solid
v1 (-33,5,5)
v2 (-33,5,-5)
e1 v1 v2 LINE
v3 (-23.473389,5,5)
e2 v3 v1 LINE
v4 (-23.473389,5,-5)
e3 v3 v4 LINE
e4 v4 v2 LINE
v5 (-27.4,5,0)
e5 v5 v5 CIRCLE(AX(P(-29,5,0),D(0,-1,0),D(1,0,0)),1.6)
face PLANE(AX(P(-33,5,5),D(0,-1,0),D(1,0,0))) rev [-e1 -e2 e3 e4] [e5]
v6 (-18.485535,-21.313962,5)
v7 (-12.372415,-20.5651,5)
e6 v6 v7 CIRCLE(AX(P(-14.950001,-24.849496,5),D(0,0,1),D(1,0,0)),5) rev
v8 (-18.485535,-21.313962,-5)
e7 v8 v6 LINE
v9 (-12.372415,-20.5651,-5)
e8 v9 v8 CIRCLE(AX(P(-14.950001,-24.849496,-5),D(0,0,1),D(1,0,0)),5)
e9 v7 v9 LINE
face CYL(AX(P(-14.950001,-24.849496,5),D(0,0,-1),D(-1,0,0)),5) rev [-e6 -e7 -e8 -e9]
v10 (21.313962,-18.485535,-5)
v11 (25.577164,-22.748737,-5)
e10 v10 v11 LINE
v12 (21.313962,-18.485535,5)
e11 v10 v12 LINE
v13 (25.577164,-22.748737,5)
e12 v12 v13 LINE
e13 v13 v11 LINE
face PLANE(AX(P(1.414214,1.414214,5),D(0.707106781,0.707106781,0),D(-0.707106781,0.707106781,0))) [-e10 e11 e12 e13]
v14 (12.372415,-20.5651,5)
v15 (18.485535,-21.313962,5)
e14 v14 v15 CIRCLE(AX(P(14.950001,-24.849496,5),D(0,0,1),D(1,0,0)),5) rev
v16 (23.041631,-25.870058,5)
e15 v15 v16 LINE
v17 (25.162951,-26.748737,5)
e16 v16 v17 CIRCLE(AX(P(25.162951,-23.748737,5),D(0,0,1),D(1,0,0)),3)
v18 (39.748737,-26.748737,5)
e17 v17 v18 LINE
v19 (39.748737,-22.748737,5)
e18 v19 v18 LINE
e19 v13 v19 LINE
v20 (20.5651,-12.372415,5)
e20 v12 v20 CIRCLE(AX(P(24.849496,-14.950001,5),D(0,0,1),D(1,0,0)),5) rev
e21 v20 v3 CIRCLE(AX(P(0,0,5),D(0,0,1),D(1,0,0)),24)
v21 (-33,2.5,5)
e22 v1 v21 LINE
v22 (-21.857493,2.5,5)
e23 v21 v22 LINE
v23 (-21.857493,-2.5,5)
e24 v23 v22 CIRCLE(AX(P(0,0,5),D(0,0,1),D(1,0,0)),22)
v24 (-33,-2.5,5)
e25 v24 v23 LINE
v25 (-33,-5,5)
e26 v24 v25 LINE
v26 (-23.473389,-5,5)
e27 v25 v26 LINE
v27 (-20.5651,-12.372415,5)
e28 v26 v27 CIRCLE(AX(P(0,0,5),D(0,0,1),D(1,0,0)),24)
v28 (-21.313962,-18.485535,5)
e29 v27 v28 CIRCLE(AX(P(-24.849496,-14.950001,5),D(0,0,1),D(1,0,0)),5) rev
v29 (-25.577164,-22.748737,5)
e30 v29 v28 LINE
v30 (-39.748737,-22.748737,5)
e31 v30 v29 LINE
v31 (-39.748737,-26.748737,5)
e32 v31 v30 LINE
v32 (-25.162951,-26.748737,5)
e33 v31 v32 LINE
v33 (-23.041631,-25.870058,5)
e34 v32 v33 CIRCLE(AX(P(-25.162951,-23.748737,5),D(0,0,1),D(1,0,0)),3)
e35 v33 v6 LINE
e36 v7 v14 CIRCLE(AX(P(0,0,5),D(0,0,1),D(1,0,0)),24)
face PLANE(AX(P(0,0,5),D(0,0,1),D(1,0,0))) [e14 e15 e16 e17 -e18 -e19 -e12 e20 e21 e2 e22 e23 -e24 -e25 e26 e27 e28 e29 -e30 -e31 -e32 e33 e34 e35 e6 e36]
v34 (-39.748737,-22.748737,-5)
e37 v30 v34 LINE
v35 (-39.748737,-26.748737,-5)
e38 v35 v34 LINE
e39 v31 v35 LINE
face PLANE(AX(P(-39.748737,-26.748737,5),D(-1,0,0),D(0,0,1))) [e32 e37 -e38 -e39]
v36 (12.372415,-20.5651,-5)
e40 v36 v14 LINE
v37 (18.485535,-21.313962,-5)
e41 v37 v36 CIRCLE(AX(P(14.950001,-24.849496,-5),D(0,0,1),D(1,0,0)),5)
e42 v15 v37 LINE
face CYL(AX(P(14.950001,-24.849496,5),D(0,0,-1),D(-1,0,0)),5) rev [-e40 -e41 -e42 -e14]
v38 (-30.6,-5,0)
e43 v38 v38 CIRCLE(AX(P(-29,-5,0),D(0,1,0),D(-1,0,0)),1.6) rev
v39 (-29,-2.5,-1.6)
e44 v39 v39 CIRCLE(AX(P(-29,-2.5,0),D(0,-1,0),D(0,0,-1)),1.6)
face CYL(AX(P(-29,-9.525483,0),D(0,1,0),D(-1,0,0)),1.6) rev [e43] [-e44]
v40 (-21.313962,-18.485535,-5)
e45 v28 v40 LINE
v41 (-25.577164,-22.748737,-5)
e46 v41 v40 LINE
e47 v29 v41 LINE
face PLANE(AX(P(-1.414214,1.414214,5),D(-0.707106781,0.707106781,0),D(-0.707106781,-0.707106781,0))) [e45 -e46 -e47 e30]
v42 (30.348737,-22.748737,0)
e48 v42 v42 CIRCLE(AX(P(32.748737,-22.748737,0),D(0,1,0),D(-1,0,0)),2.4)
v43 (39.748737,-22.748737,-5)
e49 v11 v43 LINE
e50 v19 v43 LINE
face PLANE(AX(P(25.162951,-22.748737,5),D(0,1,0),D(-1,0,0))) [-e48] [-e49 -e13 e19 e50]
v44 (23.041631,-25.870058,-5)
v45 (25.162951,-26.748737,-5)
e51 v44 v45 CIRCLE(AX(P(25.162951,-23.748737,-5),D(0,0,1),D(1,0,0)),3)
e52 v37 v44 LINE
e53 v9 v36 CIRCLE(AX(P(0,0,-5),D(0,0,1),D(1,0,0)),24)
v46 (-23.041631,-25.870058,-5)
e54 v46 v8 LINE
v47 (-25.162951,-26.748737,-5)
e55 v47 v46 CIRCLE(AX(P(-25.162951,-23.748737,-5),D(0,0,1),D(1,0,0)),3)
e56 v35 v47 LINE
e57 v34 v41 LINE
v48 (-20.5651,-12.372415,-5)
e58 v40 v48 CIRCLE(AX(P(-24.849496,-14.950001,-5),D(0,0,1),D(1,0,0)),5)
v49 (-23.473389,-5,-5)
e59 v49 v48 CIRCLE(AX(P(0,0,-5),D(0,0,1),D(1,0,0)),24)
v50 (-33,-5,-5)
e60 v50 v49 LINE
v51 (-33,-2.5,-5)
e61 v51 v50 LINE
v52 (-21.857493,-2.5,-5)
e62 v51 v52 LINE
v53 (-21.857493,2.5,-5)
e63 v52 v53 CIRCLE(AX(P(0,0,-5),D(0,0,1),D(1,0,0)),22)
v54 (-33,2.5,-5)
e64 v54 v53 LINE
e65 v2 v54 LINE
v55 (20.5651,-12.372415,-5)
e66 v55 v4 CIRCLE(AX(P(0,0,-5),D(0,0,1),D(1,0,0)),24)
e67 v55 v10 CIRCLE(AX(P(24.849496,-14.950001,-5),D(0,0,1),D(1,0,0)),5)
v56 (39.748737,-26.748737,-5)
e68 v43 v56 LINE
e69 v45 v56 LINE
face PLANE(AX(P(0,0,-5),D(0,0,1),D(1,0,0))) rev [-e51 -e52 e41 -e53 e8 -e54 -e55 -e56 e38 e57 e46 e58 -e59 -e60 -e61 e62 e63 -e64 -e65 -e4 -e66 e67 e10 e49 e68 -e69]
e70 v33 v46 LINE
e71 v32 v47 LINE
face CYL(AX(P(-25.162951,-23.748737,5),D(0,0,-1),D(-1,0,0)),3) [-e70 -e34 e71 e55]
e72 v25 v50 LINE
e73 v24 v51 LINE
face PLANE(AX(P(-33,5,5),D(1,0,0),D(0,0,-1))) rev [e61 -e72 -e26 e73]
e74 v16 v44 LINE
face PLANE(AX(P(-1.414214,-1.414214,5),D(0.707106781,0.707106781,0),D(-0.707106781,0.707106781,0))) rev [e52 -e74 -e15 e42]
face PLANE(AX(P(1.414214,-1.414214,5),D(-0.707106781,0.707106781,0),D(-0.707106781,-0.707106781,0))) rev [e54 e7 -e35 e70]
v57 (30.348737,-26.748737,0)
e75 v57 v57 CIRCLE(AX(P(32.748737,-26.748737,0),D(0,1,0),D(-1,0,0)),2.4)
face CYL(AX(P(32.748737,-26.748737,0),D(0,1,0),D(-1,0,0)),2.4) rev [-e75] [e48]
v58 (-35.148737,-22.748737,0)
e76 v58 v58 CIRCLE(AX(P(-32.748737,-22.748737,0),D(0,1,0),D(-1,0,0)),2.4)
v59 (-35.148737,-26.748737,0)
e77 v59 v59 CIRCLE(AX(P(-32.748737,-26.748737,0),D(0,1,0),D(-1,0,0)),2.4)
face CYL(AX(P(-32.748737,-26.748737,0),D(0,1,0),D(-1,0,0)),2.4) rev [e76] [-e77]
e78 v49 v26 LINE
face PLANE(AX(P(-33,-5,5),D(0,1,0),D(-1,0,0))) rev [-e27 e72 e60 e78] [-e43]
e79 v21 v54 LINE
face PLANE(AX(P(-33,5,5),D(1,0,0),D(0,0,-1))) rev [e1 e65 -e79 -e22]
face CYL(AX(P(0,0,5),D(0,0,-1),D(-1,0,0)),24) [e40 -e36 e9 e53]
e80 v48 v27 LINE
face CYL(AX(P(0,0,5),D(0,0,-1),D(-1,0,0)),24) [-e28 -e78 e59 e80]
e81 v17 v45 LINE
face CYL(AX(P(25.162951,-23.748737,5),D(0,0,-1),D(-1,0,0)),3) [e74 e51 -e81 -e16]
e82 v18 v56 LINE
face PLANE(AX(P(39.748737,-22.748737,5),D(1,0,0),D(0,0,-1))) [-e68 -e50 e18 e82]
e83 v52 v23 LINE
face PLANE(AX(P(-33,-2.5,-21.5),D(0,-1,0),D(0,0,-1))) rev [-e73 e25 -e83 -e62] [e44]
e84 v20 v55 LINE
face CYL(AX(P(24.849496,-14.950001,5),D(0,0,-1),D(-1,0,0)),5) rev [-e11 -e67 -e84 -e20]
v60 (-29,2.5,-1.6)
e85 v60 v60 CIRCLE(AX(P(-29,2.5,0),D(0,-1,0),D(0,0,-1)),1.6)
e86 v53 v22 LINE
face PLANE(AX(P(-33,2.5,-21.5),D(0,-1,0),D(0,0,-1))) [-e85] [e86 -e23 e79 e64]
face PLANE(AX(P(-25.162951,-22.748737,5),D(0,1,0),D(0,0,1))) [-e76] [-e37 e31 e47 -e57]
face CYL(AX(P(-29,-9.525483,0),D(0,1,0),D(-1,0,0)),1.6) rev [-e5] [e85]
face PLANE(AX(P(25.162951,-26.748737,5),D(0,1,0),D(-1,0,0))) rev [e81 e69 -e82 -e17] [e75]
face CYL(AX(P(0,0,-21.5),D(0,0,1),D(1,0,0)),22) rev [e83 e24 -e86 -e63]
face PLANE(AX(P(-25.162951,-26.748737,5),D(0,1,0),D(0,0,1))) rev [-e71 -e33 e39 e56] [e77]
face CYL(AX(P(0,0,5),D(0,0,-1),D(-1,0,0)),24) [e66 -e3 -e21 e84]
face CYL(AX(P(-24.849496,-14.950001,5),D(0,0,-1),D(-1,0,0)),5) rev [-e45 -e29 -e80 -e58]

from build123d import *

# Parameters (mm, degrees)
SKETCH1_R               = 24
BOSS_EXTRUDE1_DEPTH     = 5
EXTRUDE_THIN1_DEPTH     = 5
SKETCH4_W               = 33
SKETCH4_H               = 10
BOSS_EXTRUDE2_DEPTH     = 5
SKETCH5_R               = 22
SKETCH5_W               = 33
SKETCH5_H               = 5
CUT_EXTRUDE1_DEPTH      = 26.5
SKETCH6_R               = 1.6
CUT_EXTRUDE2_DEPTH      = 20
CUT_EXTRUDE2_DEPTH_BACK = 10
SKETCH7_R               = 2.4
CUT_EXTRUDE3_DEPTH      = 5
FILLET3_R               = 5


with BuildPart() as part:
    # Sketch1 → Boss-Extrude1 (new body, symmetric)
    with BuildSketch(Plane.XY):
        Circle(SKETCH1_R)
    extrude(amount=BOSS_EXTRUDE1_DEPTH, both=True)

    # Sketch2 → Extrude-Thin1 (add, symmetric)
    with BuildSketch(Plane.XY):
        with BuildLine():
            Line((-39.748737342, -26.748737342), (-25.162950904, -26.748737342))
            ThreePointArc((-25.162950904, -26.748737342), (-24.014900607, -26.520375939), (-23.04163056, -25.870057685))
            Line((-23.04163056, -25.870057685), (0, -2.828427125))
            Line((0, -2.828427125), (23.04163056, -25.870057685))
            ThreePointArc((23.04163056, -25.870057685), (24.014900607, -26.520375939), (25.162950904, -26.748737342))
            Line((25.162950904, -26.748737342), (39.748737342, -26.748737342))
            Line((39.748737342, -26.748737342), (39.748737342, -22.748737342))
            Line((39.748737342, -22.748737342), (25.577164466, -22.748737342))
            Line((25.577164466, -22.748737342), (0, 2.828427125))
            Line((0, 2.828427125), (-25.577164466, -22.748737342))
            Line((-25.577164466, -22.748737342), (-39.748737342, -22.748737342))
            Line((-39.748737342, -22.748737342), (-39.748737342, -26.748737342))
        make_face()
    extrude(amount=EXTRUDE_THIN1_DEPTH, both=True)

    # Sketch4 → Boss-Extrude2 (add, symmetric)
    with BuildSketch(Plane.XY):
        with Locations((-16.5, 0)):
            Rectangle(SKETCH4_W, SKETCH4_H)
    extrude(amount=BOSS_EXTRUDE2_DEPTH, both=True)

    # Sketch5 → Cut-Extrude1 (cut)
    with BuildSketch(Plane.XY.offset(5)):
        Circle(SKETCH5_R)
        with Locations((-16.5, 0)):
            Rectangle(SKETCH5_W, SKETCH5_H)
    extrude(amount=-CUT_EXTRUDE1_DEPTH, mode=Mode.SUBTRACT)

    # Sketch6 → Cut-Extrude2 (cut, two sides)
    with BuildSketch(Plane(origin=(0, 5, 0), x_dir=(1, 0, 0), z_dir=(0, 1, 0))) as cut_extrude2_sk:
        with Locations((-29, 0)):
            Circle(SKETCH6_R)
    extrude(amount=CUT_EXTRUDE2_DEPTH, mode=Mode.SUBTRACT)
    extrude(cut_extrude2_sk.sketch, amount=-CUT_EXTRUDE2_DEPTH_BACK, mode=Mode.SUBTRACT)

    # Sketch7 → Cut-Extrude3 (cut, through all)
    with BuildSketch(Plane(origin=(0, -22.748737342, 0), x_dir=(1, 0, 0), z_dir=(0, 1, 0))):
        with Locations((-32.748737342, 0)):
            Circle(SKETCH7_R)
        with Locations((32.748737342, 0)):
            Circle(SKETCH7_R)
    extrude(amount=-CUT_EXTRUDE3_DEPTH, mode=Mode.SUBTRACT)

    # Fillet3
    fillet3_edges = [part.edges().sort_by_distance(p)[0] for p in [
        (-15.497320963, -18.325748088, 0),
        (15.497320963, -18.325748088, 0),
        (18.325748088, -15.497320963, 0),
        (-18.325748088, -15.497320963, 0),
    ]]
    fillet(fillet3_edges, radius=FILLET3_R)


solid = part.part
